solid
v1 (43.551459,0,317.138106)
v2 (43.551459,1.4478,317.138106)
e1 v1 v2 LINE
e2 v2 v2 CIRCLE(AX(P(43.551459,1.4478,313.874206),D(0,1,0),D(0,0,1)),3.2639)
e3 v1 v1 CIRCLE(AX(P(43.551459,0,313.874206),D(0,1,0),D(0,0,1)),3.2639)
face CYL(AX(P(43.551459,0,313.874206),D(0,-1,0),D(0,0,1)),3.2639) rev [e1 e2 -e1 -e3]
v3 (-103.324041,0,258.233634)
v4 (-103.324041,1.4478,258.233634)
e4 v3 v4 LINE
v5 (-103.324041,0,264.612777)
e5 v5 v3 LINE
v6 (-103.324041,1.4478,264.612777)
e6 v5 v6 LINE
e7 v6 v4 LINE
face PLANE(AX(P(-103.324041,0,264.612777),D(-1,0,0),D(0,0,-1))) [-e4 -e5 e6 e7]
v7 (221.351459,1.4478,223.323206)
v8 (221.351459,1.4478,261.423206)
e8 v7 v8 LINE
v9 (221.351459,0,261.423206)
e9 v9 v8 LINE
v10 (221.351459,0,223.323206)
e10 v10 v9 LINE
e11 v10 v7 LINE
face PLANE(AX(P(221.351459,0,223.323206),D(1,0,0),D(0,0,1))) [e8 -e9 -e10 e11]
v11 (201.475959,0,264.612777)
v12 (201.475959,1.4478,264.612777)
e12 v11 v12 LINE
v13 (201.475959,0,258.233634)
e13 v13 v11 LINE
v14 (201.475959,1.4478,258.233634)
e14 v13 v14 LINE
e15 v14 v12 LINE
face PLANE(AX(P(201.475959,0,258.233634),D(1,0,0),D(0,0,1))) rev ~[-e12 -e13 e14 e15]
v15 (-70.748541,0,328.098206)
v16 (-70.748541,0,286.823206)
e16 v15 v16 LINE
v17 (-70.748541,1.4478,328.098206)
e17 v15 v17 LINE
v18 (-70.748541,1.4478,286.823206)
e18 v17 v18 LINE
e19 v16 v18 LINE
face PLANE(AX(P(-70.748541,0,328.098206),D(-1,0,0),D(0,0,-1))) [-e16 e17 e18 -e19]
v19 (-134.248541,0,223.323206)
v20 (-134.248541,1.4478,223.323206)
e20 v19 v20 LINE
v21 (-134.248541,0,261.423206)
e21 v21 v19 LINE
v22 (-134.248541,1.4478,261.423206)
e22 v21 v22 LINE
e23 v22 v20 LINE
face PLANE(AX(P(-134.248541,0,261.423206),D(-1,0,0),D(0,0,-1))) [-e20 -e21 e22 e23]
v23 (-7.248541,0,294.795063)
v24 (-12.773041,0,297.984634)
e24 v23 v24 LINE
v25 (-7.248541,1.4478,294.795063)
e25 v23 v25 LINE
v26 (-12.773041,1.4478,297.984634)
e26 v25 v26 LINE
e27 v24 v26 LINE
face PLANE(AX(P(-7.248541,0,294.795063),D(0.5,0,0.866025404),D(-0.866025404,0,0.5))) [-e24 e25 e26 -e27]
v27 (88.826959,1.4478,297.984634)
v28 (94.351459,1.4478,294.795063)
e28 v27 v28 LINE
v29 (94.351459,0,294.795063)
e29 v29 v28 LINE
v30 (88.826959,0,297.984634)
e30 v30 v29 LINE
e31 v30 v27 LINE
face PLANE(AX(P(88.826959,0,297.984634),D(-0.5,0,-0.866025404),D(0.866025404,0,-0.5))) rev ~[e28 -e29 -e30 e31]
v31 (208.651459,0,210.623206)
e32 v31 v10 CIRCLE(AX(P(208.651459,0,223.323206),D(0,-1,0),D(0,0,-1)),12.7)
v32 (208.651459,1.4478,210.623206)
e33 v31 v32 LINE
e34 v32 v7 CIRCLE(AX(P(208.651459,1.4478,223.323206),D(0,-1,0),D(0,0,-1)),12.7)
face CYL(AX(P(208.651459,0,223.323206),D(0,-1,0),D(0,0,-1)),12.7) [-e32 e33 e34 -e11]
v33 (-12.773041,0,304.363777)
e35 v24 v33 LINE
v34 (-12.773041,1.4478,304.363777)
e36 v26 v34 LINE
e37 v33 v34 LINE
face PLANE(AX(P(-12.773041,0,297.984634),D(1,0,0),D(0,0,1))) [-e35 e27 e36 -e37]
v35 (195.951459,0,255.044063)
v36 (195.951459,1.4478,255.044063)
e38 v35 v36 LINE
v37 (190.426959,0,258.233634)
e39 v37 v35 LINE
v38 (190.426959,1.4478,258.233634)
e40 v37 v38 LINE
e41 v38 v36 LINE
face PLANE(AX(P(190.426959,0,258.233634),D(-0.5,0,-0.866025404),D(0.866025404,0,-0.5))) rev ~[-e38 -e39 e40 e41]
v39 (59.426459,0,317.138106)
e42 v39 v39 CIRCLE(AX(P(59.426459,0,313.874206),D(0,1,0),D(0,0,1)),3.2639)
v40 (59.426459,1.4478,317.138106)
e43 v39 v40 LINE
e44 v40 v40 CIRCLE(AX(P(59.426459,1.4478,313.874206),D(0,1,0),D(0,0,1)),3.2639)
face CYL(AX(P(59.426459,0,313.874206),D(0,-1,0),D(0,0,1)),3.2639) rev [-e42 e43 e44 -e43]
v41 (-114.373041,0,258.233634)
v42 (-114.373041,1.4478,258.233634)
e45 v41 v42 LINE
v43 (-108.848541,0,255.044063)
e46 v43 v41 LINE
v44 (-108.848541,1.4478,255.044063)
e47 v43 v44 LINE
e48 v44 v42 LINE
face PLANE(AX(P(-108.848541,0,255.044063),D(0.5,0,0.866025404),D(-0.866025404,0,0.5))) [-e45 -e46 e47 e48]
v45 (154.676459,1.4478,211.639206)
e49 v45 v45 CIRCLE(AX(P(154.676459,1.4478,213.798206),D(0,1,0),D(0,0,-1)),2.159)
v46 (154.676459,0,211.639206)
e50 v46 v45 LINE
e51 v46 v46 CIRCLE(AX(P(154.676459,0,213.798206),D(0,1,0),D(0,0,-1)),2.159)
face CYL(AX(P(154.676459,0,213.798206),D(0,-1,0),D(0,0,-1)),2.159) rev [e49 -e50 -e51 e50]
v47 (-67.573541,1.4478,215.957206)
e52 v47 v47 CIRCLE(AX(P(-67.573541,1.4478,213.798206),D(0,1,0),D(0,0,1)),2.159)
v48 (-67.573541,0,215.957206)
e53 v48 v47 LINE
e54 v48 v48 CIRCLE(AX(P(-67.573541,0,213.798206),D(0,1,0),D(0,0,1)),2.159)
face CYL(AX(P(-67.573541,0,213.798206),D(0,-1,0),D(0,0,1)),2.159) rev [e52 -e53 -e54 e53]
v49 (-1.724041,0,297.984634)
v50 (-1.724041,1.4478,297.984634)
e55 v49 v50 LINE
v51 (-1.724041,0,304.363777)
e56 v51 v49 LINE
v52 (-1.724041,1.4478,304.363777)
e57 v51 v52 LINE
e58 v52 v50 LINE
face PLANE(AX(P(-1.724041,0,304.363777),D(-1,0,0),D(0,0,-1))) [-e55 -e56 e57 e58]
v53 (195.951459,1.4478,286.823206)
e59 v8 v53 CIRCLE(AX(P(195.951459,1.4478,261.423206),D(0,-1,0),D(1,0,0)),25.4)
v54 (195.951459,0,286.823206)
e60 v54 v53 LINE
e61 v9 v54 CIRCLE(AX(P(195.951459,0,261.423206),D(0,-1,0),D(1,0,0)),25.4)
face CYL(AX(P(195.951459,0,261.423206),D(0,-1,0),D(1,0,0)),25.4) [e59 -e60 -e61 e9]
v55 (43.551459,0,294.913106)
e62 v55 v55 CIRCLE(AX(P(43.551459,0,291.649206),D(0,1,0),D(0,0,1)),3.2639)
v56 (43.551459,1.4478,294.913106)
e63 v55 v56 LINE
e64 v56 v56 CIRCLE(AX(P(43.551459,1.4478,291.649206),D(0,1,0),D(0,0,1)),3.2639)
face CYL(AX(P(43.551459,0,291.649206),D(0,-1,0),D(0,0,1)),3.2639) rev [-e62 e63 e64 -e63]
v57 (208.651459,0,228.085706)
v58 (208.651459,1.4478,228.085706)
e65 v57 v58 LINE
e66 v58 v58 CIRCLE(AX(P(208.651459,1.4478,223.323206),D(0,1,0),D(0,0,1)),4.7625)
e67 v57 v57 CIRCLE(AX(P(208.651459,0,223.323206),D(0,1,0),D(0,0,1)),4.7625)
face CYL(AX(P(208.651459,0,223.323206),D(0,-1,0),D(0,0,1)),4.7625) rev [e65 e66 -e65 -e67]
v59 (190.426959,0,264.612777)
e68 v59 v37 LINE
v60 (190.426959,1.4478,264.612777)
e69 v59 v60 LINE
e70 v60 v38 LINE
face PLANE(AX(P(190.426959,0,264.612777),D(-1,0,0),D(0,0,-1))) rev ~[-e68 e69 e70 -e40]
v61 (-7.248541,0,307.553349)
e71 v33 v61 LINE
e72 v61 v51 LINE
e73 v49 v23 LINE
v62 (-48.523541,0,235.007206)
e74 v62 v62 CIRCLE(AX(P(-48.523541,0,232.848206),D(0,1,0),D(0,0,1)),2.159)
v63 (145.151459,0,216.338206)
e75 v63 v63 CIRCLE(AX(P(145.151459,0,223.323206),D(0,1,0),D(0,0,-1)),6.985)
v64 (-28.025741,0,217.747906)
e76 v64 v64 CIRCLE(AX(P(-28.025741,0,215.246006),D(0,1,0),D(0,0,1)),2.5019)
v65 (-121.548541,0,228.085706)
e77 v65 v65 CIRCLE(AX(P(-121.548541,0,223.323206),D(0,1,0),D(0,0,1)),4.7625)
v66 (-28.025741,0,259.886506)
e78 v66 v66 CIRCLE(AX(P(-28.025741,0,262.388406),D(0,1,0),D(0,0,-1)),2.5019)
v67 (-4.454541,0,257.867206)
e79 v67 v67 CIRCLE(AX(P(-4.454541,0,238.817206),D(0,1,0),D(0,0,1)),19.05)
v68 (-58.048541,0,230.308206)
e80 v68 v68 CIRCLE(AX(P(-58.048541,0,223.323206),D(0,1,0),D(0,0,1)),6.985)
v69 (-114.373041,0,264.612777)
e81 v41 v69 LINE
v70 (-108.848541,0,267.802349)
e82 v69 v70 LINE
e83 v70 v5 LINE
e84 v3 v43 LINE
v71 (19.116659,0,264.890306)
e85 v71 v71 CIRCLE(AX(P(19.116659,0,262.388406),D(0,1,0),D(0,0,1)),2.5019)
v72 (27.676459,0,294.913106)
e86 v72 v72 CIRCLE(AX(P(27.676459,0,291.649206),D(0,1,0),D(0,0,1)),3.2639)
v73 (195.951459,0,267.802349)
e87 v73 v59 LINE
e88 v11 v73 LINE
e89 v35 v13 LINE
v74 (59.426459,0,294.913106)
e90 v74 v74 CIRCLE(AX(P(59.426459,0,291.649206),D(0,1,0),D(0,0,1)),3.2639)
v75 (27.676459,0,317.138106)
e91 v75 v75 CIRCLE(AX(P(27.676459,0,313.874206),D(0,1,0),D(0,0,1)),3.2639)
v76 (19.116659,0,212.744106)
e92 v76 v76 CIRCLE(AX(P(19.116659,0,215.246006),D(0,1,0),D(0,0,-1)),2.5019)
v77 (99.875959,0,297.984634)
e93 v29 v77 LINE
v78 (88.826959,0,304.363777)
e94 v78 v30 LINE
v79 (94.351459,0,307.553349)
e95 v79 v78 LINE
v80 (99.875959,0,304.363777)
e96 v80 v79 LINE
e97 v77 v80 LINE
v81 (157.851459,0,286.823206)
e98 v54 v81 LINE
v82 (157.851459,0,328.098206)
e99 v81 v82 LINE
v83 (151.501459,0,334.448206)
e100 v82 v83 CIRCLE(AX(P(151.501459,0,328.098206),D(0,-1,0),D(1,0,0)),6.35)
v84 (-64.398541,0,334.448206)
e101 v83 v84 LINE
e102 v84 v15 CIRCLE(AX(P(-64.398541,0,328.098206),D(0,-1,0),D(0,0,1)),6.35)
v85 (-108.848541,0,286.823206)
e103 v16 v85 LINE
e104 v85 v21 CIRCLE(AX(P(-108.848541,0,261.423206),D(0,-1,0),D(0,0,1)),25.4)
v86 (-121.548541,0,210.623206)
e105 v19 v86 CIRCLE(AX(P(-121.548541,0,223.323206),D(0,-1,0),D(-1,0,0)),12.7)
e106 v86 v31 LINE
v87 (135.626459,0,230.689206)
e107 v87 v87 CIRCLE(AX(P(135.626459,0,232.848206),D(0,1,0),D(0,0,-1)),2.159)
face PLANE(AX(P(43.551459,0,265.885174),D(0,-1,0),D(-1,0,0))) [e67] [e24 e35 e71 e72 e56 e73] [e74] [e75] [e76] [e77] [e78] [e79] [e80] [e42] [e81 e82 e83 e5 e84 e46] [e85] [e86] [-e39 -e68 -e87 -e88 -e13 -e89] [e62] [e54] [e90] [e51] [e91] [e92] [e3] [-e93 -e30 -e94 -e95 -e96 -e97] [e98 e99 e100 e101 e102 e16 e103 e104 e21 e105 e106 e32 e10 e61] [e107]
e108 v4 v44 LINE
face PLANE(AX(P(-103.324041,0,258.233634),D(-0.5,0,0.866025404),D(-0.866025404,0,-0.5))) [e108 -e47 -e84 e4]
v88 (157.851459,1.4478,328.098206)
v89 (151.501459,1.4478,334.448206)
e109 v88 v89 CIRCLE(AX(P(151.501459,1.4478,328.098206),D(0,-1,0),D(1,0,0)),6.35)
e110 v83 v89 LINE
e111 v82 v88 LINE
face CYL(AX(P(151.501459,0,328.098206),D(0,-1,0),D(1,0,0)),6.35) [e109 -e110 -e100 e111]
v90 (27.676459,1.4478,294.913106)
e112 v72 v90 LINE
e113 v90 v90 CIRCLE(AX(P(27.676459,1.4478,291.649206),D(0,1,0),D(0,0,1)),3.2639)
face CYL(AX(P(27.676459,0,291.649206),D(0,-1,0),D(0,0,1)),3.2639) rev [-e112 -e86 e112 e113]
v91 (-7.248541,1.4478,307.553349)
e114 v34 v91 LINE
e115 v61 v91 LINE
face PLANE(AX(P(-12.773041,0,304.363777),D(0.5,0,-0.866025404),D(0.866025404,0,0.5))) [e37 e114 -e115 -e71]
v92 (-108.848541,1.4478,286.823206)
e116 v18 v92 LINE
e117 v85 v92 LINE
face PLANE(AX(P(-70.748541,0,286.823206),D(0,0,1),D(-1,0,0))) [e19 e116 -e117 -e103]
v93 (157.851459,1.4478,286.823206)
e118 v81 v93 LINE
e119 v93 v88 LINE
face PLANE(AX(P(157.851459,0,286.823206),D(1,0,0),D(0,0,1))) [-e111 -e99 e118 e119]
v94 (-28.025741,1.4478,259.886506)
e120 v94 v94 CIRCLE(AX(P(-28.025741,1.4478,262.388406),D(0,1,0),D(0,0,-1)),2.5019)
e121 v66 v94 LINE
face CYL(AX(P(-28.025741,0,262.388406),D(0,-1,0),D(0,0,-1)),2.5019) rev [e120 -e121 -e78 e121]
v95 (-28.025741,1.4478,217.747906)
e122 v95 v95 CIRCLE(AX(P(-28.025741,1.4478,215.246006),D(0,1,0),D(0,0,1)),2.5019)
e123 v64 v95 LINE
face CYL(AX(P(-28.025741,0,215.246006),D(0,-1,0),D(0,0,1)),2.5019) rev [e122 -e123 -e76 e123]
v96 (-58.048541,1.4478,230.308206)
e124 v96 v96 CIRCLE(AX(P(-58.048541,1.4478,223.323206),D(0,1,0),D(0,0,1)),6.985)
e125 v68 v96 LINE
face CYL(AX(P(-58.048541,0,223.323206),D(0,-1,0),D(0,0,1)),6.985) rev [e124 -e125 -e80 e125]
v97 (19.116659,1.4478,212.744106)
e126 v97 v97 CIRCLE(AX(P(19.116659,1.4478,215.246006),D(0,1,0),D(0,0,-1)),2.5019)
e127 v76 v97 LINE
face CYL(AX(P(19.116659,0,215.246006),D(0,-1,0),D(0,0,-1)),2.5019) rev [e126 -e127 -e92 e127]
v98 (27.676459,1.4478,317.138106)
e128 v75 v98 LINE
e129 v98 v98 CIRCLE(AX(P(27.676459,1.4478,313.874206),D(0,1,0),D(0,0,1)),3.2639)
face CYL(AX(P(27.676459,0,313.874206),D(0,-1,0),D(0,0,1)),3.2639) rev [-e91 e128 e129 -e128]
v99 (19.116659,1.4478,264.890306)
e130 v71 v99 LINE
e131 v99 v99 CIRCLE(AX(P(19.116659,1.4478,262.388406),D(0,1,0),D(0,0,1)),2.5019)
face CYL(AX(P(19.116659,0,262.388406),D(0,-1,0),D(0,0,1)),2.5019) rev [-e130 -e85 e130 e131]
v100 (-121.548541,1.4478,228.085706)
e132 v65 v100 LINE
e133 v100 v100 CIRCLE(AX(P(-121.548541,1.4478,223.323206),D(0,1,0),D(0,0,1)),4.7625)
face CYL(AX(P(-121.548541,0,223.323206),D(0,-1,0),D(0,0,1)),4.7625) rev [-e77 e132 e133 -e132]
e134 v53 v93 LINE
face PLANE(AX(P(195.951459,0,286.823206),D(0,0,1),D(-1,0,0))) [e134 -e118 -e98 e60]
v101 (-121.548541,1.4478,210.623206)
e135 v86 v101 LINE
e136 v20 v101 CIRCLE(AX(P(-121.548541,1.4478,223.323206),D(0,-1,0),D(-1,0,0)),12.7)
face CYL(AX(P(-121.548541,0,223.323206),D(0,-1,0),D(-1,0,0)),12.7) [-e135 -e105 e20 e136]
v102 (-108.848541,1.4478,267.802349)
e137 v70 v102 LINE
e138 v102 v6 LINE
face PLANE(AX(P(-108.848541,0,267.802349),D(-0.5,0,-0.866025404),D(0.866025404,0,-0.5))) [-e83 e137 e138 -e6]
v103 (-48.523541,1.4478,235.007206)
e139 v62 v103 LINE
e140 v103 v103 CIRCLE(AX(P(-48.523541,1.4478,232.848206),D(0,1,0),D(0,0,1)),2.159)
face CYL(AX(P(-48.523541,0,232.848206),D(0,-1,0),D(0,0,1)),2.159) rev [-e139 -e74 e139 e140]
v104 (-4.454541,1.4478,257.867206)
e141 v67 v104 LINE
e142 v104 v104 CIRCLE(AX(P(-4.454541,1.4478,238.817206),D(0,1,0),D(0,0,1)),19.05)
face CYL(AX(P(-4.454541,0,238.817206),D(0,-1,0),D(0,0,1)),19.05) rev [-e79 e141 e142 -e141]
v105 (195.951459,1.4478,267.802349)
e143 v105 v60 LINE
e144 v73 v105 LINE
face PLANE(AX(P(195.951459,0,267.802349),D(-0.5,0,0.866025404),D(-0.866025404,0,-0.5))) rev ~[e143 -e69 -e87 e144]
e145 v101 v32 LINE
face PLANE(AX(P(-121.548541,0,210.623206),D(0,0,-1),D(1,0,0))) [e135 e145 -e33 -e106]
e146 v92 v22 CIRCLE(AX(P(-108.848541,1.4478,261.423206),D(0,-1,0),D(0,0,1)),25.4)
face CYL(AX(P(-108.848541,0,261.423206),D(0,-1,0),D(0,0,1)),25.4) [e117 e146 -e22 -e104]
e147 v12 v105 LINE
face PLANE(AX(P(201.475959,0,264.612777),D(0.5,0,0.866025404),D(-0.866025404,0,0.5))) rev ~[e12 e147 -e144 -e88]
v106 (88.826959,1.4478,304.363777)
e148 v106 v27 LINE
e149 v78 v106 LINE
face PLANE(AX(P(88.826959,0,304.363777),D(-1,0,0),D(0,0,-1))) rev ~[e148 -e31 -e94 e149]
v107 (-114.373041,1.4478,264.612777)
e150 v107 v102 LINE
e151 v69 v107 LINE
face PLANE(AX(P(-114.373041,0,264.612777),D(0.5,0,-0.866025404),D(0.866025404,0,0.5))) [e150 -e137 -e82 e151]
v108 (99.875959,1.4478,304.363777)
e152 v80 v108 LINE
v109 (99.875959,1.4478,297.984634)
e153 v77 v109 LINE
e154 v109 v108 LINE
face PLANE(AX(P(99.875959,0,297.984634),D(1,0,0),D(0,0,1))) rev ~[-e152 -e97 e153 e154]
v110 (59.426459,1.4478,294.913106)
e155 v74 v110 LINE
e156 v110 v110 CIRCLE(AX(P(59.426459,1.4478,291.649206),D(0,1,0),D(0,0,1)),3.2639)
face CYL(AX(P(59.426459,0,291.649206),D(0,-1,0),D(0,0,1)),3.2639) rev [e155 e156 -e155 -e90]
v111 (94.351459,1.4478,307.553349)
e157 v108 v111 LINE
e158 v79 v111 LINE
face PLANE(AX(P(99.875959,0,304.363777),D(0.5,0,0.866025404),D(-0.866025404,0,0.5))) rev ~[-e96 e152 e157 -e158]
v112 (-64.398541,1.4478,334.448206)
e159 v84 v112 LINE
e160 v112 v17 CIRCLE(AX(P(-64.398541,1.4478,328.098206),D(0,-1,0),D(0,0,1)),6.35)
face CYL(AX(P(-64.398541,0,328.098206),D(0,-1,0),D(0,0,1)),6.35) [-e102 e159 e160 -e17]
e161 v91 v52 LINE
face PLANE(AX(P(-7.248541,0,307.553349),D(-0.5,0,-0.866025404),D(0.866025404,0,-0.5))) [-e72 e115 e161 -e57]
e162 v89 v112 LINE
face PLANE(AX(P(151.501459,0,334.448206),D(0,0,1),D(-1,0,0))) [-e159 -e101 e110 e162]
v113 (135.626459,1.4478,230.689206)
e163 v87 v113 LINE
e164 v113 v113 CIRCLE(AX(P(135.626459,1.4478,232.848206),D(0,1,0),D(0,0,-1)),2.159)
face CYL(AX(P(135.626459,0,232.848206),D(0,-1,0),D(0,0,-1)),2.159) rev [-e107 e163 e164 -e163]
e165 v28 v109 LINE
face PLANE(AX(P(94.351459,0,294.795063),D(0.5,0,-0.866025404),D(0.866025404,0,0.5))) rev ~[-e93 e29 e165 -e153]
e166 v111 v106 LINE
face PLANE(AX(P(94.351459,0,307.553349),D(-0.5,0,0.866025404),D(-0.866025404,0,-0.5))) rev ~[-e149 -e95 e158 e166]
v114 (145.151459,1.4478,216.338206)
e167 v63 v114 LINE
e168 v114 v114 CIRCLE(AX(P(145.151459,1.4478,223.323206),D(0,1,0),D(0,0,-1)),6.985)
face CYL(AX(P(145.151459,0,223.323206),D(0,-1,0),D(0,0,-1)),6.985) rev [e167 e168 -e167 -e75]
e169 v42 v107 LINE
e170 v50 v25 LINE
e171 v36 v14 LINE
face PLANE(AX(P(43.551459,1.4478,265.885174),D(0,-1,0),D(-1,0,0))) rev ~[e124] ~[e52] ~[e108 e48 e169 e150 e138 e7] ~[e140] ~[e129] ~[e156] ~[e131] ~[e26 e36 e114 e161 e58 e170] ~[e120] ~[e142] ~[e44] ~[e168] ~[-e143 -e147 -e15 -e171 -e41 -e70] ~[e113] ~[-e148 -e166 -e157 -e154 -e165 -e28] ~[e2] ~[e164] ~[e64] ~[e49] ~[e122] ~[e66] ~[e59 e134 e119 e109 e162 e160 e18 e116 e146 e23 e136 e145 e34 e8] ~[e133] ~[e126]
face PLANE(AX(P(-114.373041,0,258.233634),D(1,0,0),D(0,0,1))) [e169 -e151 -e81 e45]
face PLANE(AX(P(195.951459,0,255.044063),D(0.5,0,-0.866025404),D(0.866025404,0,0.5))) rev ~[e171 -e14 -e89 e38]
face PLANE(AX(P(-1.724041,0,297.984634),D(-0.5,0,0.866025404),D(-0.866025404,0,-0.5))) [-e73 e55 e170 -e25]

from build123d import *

# Parameters (mm, degrees)
SKETCH1_R           = 3.2639
SKETCH1_R_2         = 2.5019
SKETCH1_R_3         = 6.985
SKETCH1_R_4         = 2.159
SKETCH1_R_5         = 19.05
SKETCH1_R_6         = 4.7625
BOSS_EXTRUDE1_DEPTH = 1.4478


with BuildPart() as part:
    # Sketch1 → Boss-Extrude1 (new body)
    with BuildSketch(Plane(origin=(0, 0, 0), x_dir=(1, 0, 0), z_dir=(0, 1, 0))):
        with BuildLine():
            Line((-70.748540962, -286.823205678), (-108.848540962, -286.823205678))
            ThreePointArc((-108.848540962, -286.823205678), (-126.809053204, -279.38371792), (-134.248540962, -261.423205678))
            Line((-134.248540962, -261.423205678), (-134.248540962, -223.323205678))
            ThreePointArc((-134.248540962, -223.323205678), (-130.528797083, -214.342949557), (-121.548540962, -210.623205678))
            Line((-121.548540962, -210.623205678), (208.651459038, -210.623205678))
            ThreePointArc((208.651459038, -210.623205678), (217.631715159, -214.342949557), (221.351459038, -223.323205678))
            Line((221.351459038, -223.323205678), (221.351459038, -261.423205678))
            ThreePointArc((221.351459038, -261.423205678), (213.911971281, -279.38371792), (195.951459038, -286.823205678))
            Line((195.951459038, -286.823205678), (157.851459038, -286.823205678))
            Line((157.851459038, -286.823205678), (157.851459038, -328.098205678))
            ThreePointArc((157.851459038, -328.098205678), (155.991587099, -332.588333738), (151.501459038, -334.448205678))
            Line((151.501459038, -334.448205678), (-64.398540962, -334.448205678))
            ThreePointArc((-64.398540962, -334.448205678), (-68.888669022, -332.588333738), (-70.748540962, -328.098205678))
            Line((-70.748540962, -328.098205678), (-70.748540962, -286.823205678))
        make_face()
        with Locations(Location((27.676459038, -291.649205678, 0), (0, 0, 270))):
            Circle(SKETCH1_R, mode=Mode.SUBTRACT)
        with Locations(Location((43.551459038, -291.649205678, 0), (0, 0, 270))):
            Circle(SKETCH1_R, mode=Mode.SUBTRACT)
        with Locations(Location((59.426459038, -291.649205678, 0), (0, 0, 270))):
            Circle(SKETCH1_R, mode=Mode.SUBTRACT)
        with Locations(Location((-28.025740962, -215.246005678, 0), (0, 0, 270))):
            Circle(SKETCH1_R_2, mode=Mode.SUBTRACT)
        with Locations(Location((-28.025740962, -262.388405678, 0), (0, 0, 90))):
            Circle(SKETCH1_R_2, mode=Mode.SUBTRACT)
        with Locations(Location((19.116659038, -215.246005678, 0), (0, 0, 90))):
            Circle(SKETCH1_R_2, mode=Mode.SUBTRACT)
        with Locations(Location((19.116659038, -262.388405678, 0), (0, 0, 270))):
            Circle(SKETCH1_R_2, mode=Mode.SUBTRACT)
        with Locations(Location((27.676459038, -313.874205678, 0), (0, 0, 270))):
            Circle(SKETCH1_R, mode=Mode.SUBTRACT)
        with Locations(Location((43.551459038, -313.874205678, 0), (0, 0, 270))):
            Circle(SKETCH1_R, mode=Mode.SUBTRACT)
        with Locations(Location((59.426459038, -313.874205678, 0), (0, 0, 270))):
            Circle(SKETCH1_R, mode=Mode.SUBTRACT)
        with Locations(Location((-58.048540962, -223.323205678, 0), (0, 0, 270))):
            Circle(SKETCH1_R_3, mode=Mode.SUBTRACT)
        with Locations(Location((-67.573540962, -213.798205678, 0), (0, 0, 270))):
            Circle(SKETCH1_R_4, mode=Mode.SUBTRACT)
        with Locations(Location((-48.523540962, -232.848205678, 0), (0, 0, 270))):
            Circle(SKETCH1_R_4, mode=Mode.SUBTRACT)
        with Locations(Location((-4.454540962, -238.817205678, 0), (0, 0, 270))):
            Circle(SKETCH1_R_5, mode=Mode.SUBTRACT)
        with Locations(Location((135.626459038, -232.848205678, 0), (0, 0, 90))):
            Circle(SKETCH1_R_4, mode=Mode.SUBTRACT)
        with Locations(Location((145.151459038, -223.323205678, 0), (0, 0, 90))):
            Circle(SKETCH1_R_3, mode=Mode.SUBTRACT)
        with Locations(Location((154.676459038, -213.798205678, 0), (0, 0, 90))):
            Circle(SKETCH1_R_4, mode=Mode.SUBTRACT)
        with Locations(Location((-121.548540962, -223.323205678, 0), (0, 0, 270))):
            Circle(SKETCH1_R_6, mode=Mode.SUBTRACT)
        with Locations(Location((208.651459038, -223.323205678, 0), (0, 0, 270))):
            Circle(SKETCH1_R_6, mode=Mode.SUBTRACT)
        Polygon((-1.724040962, -304.36377724), (-1.724040962, -297.984634115), (-7.248540962, -294.795062553), (-12.773040962, -297.984634115), (-12.773040962, -304.36377724), (-7.248540962, -307.553348802), align=None, mode=Mode.SUBTRACT)
        Polygon((94.351459038, -307.553348802), (88.826959038, -304.36377724), (88.826959038, -297.984634115), (94.351459038, -294.795062553), (99.875959038, -297.984634115), (99.875959038, -304.36377724), align=None, mode=Mode.SUBTRACT)
        Polygon((-103.324040962, -258.233634115), (-108.848540962, -255.044062553), (-114.373040962, -258.233634115), (-114.373040962, -264.61277724), (-108.848540962, -267.802348802), (-103.324040962, -264.61277724), align=None, mode=Mode.SUBTRACT)
        Polygon((201.475959038, -264.61277724), (195.951459038, -267.802348802), (190.426959038, -264.61277724), (190.426959038, -258.233634115), (195.951459038, -255.044062553), (201.475959038, -258.233634115), align=None, mode=Mode.SUBTRACT)
    extrude(amount=BOSS_EXTRUDE1_DEPTH)


solid = part.part
